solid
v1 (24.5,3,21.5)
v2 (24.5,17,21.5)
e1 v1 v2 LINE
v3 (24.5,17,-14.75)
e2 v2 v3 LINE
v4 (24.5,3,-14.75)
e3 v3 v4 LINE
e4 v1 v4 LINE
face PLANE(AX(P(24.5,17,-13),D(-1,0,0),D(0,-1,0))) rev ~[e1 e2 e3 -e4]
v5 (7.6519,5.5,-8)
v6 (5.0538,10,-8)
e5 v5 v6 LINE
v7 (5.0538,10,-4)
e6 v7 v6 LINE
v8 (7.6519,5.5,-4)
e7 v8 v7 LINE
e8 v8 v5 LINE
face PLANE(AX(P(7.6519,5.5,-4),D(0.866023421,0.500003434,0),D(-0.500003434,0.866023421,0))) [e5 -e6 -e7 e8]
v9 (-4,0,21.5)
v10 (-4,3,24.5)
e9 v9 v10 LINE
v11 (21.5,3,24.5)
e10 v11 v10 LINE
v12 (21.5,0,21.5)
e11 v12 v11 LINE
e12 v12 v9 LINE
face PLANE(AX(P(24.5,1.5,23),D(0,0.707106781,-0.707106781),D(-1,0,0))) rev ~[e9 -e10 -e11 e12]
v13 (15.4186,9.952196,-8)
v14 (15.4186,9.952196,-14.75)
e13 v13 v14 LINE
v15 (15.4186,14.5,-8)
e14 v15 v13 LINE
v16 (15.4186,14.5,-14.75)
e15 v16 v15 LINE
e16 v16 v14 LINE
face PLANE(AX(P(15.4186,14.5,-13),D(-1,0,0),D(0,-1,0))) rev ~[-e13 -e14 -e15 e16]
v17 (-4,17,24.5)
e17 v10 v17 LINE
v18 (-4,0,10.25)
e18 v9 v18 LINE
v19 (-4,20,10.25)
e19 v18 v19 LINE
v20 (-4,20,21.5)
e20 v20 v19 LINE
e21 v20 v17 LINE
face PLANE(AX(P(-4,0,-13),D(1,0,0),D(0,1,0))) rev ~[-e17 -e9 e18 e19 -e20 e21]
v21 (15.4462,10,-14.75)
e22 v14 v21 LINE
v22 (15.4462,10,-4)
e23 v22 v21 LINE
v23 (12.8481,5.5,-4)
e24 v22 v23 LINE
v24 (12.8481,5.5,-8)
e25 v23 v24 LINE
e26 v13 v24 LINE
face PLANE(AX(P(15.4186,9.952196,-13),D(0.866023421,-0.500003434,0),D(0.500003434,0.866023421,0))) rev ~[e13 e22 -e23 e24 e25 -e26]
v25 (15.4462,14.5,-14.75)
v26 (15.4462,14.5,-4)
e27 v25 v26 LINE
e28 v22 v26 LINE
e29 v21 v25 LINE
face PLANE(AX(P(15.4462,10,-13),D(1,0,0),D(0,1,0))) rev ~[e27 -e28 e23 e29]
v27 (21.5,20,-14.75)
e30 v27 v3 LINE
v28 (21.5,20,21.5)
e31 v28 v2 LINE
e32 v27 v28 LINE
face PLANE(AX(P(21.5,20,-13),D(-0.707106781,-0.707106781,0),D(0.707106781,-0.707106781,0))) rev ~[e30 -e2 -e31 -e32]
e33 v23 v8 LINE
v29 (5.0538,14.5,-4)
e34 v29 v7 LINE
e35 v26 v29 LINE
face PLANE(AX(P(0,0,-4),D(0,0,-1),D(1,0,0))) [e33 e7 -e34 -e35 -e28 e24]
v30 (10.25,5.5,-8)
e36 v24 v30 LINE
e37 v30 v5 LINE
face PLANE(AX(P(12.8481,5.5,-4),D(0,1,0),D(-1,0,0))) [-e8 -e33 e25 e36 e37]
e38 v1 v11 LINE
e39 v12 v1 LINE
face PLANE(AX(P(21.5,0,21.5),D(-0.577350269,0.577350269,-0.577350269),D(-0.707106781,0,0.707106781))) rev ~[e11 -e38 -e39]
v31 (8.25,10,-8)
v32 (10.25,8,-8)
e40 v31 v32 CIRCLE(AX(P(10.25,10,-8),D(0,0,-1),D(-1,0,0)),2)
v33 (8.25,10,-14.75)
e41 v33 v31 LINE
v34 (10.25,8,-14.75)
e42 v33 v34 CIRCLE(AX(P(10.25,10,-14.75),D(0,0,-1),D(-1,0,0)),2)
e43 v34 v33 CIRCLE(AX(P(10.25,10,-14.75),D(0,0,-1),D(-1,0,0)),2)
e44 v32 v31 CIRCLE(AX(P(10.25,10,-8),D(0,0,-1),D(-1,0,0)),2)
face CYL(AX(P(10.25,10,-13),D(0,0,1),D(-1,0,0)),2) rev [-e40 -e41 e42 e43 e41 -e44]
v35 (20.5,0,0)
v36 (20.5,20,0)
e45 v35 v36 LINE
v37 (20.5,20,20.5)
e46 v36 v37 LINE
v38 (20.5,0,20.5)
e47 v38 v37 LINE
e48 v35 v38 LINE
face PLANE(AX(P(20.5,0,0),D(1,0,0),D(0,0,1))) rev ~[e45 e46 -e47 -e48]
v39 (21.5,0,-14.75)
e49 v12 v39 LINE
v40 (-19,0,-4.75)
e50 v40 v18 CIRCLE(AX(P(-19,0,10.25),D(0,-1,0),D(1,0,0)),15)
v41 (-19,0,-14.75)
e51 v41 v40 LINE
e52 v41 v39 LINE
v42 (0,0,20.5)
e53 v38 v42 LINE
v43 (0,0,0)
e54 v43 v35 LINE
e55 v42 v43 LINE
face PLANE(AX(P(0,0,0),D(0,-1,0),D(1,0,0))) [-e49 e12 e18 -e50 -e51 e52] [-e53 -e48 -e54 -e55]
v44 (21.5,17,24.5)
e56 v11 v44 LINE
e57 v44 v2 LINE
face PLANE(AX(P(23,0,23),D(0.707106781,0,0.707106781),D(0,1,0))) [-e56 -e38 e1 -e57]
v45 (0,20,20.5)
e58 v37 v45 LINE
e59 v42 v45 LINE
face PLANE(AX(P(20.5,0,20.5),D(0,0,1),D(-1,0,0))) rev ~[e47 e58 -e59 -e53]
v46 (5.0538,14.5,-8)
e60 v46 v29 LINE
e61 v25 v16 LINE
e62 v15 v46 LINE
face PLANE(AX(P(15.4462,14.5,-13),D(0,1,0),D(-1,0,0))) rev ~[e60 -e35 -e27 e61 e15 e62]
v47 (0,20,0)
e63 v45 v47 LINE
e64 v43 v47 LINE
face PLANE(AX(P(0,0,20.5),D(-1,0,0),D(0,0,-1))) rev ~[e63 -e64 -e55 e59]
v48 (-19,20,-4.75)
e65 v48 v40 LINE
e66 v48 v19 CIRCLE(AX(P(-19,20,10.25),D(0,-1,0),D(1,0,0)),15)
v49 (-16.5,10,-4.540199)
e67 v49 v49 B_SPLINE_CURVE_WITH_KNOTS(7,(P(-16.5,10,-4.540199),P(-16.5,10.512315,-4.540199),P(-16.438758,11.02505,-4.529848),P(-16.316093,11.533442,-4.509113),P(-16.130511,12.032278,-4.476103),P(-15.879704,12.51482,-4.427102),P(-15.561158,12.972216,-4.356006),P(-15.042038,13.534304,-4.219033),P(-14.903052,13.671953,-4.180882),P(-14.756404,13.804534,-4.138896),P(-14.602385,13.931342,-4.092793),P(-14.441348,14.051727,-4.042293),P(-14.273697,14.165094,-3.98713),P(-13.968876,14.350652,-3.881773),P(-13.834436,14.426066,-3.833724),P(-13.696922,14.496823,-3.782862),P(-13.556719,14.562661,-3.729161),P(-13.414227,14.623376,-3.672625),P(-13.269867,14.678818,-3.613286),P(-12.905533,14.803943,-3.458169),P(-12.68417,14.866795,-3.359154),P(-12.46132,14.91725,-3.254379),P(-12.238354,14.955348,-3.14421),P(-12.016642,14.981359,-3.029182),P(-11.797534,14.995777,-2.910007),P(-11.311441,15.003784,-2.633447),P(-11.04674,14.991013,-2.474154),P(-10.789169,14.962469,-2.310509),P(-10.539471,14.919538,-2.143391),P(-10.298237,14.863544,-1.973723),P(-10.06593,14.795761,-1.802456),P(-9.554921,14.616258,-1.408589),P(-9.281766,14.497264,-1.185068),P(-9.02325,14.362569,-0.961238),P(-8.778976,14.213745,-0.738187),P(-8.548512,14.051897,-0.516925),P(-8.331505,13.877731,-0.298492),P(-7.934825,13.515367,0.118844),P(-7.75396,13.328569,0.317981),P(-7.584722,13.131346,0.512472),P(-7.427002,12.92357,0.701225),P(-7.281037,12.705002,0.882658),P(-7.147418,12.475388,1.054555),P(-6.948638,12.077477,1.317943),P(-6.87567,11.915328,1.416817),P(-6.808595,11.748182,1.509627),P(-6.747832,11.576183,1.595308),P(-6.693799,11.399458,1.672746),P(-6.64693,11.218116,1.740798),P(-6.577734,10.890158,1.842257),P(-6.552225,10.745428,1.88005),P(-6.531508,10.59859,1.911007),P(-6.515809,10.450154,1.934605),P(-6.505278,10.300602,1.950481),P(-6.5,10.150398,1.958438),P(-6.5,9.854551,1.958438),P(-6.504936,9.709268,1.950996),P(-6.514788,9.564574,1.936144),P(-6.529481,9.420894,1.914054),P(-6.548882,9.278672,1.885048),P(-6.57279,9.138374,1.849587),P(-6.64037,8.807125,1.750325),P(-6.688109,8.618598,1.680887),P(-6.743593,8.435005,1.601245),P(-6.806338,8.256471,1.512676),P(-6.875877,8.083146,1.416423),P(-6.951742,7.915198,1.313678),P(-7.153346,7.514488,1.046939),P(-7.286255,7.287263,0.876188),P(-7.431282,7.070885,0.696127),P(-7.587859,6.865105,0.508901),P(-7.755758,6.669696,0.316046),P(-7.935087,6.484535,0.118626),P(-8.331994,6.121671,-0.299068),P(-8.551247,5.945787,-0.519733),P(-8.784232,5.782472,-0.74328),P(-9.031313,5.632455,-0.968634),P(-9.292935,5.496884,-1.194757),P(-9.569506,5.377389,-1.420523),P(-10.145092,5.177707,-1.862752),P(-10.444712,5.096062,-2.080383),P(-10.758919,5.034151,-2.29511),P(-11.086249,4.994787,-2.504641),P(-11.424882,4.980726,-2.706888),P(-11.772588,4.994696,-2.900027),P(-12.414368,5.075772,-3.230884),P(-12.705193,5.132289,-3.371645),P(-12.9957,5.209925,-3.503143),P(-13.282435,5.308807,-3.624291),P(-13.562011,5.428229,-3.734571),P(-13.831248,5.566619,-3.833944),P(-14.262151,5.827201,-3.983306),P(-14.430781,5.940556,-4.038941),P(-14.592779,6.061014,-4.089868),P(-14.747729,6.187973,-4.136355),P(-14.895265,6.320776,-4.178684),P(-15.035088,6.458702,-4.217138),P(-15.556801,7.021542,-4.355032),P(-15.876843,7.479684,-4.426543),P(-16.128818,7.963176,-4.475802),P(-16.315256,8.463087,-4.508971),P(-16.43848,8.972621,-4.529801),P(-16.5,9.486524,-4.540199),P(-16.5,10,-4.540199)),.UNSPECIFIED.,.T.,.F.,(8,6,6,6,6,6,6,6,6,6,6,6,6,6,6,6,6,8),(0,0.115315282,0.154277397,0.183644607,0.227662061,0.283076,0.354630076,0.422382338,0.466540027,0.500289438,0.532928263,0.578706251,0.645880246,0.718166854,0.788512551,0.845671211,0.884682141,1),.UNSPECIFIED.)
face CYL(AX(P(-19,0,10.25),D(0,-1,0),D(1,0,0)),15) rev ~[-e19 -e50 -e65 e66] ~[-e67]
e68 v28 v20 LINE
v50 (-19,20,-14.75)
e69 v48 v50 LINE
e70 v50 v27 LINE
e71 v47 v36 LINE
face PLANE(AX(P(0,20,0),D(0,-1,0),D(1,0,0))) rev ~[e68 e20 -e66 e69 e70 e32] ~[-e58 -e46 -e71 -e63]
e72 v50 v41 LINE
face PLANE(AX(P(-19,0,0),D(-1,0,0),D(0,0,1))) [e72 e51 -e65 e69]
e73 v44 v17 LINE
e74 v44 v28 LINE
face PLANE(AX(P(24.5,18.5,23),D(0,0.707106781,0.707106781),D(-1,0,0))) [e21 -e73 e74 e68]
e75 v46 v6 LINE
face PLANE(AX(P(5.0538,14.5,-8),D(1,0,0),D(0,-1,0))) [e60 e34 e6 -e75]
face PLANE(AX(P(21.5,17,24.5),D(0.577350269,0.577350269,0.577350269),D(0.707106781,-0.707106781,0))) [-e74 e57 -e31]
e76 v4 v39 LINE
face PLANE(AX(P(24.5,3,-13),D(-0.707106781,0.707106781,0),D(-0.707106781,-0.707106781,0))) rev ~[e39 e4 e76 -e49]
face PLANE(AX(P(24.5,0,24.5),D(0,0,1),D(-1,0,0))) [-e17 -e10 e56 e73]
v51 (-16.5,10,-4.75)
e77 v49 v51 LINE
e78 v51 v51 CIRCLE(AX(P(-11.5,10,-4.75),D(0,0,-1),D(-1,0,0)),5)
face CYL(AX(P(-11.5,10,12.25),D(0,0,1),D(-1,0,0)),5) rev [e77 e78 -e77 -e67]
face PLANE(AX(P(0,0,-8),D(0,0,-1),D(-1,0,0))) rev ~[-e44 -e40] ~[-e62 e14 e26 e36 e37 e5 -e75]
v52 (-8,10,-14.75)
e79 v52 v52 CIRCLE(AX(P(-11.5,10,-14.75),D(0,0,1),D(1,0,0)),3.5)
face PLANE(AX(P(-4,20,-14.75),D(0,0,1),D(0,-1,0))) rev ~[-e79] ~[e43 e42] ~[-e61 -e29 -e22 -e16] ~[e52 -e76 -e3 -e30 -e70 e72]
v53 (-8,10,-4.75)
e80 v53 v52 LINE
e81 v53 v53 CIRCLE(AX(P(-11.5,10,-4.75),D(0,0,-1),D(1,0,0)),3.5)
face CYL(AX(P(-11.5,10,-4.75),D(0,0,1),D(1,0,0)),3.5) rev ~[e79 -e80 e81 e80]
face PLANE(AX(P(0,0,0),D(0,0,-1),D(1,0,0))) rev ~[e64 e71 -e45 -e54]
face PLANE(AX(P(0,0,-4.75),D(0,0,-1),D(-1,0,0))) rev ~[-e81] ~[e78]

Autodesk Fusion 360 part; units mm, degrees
sketch "Sketch1" plane through (0, 0, 0) normal (0, 1, 0) x (1, 0, 0)
  line L0 (0, 0) -> (20.5, 0)
  line L1 (20.5, 0) -> (20.5, -20.5)
  line L2 (20.5, -20.5) -> (0, -20.5)
  line L3 (0, -20.5) -> (0, 0)
  line L4 (0, 0) -> (-4, 0)
  line L5 (-4, 0) -> (-4, 4)
  line L6 (-4, 4) -> (0, 4)
  line L7 (0, 4) -> (0, 0)
  line L8 (-4, 4) -> (24.5, 4)
  line L9 (24.5, 4) -> (24.5, -24.5)
  line L10 (24.5, -24.5) -> (-4, -24.5)
  line L11 (-4, -24.5) -> (-4, 4)
  dimension "d1" = 20.5
  dimension "d2" = 20.5
  dimension "d3" = 4
  dimension "d4" = 4
  dimension "d5" = 28.5
  dimension "d6" = 28.5
extrude "Extrude1" add sketch "Sketch1" along normal blind 20
chamfer "Chamfer1" distance 3 angle 45 5 edges at (24.5, 20, 10.25) (10.25, 20, 24.5) (24.5, 10, 24.5) (24.5, 0, 10.25) (10.25, 0, 24.5)
sketch "Sketch2" plane through (0, 0, -4) normal (0, 0, -1) x (-1, 0, 0)
  line L0 (-24.5, 3) -> (-21.5, 0)
  line L1 (-21.5, 0) -> (4, 0)
  line L2 (4, 0) -> (4, 20)
  line L3 (4, 20) -> (-21.5, 20)
  line L4 (-21.5, 20) -> (-24.5, 17)
  line L5 (-24.5, 17) -> (-24.5, 3)
  line L6 (-24.5, 10) -> (-10.25, 10)
  line L7 (-7.6519, 5.5) -> (-5.0538, 10)
  line L8 (-5.0538, 10) -> (-7.6519, 14.5)
  line L9 (-7.6519, 14.5) -> (-12.8481, 14.5)
  line L10 (-12.8481, 14.5) -> (-15.4462, 10)
  line L11 (-15.4462, 10) -> (-12.8481, 5.5)
  line L12 (-12.8481, 5.5) -> (-7.6519, 5.5)
  point P0 (-10.25, 10)
  dimension "d10" = 14.25
  dimension "d11" = 4.5
extrude "Extrude2" add sketch "Sketch2" along normal blind 4
sketch "Sketch3" plane through (0, 0, -8) normal (0, 0, -1) x (-1, 0, 0)
  line L0 (-7.6519, 5.5) -> (-12.8481, 5.5)
  line L1 (-15.4462, 10) -> (-12.8481, 14.5)
  line L2 (-12.8481, 14.5) -> (-7.6519, 14.5)
  line L3 (-7.6519, 14.5) -> (-5.0538, 10)
  line L4 (-5.0538, 10) -> (-7.6519, 5.5)
  line L5 (-24.5, 17) -> (-24.5, 3)
  line L6 (-24.5, 3) -> (-21.5, 0)
  line L7 (-21.5, 0) -> (4, 0)
  line L8 (4, 0) -> (4, 20)
  line L9 (4, 20) -> (-21.5, 20)
  line L10 (-21.5, 20) -> (-24.5, 17)
  line L11 (-7.6519, 14.5) -> (-5.0538, 14.5)
  line L12 (-5.0538, 14.5) -> (-5.0538, 10)
  line L13 (-15.4462, 10) -> (-15.4462, 14.5)
  line L14 (-15.4462, 14.5) -> (-12.8481, 14.5)
extrude "Extrude3" cut sketch "Sketch3" against normal blind 4 contours L1 L13 L14 | L3 L11 L12
sketch "Sketch4" plane through (0, 0, -8) normal (0, 0, -1) x (-1, 0, 0)
  line L0 (-15.4462, 14.5) -> (-5.0538, 14.5)
  line L1 (-5.0538, 14.5) -> (-5.0538, 10)
  line L2 (-5.0538, 10) -> (-7.6519, 5.5)
  line L3 (-7.6519, 5.5) -> (-12.8481, 5.5)
  line L4 (-12.8481, 5.5) -> (-15.4462, 10)
  line L5 (-15.4462, 10) -> (-15.4462, 14.5)
  line L6 (-24.5, 17) -> (-24.5, 3)
  line L7 (-24.5, 3) -> (-21.5, 0)
  line L8 (-21.5, 0) -> (4, 0)
  line L9 (4, 0) -> (4, 20)
  line L10 (4, 20) -> (-21.5, 20)
  line L11 (-21.5, 20) -> (-24.5, 17)
  line L12 (-10.25, 5.5) -> (-10.25, 10)
  circle A0 centre (-10.25, 10) radius 2
  line L13 (-5.0538, 14.5) -> (-15.4186, 14.5)
  line L14 (-15.4186, 14.5) -> (-15.4186, 5.5)
  line L15 (-15.4186, 5.5) -> (-5.0538, 5.5)
  line L16 (-5.0538, 5.5) -> (-5.0538, 14.5)
  line L17 (7, 22) -> (-27, 22)
  line L18 (-27, 22) -> (-27, -2)
  line L19 (-27, -2) -> (7, -2)
  line L20 (7, -2) -> (7, 22)
  dimension "d16" = 4
extrude "Extrude4" add sketch "Sketch4" along normal blind 5 contours L0 L1 L2 L3 L4 L13 L14 L15 L16 | L4 L14 L15 | L2 L15 L16 | L6 L7 L8 L9 L10 L11
extrude "Extrude5" add 1 faces at (0.0833, 10, -13) along direction (0, 0, -1) blind 1.75
sketch "Sketch5" plane through (-4, 0, 0) normal (-1, 0, 0) x (0, 0, 1)
  line L0 (21.5, 0) -> (24.5, 3)
  line L1 (24.5, 3) -> (24.5, 17)
  line L2 (24.5, 17) -> (21.5, 20)
  line L3 (21.5, 20) -> (-14.75, 20)
  line L4 (-14.75, 20) -> (-14.75, 0)
  line L5 (-14.75, 0) -> (21.5, 0)
  line L6 (-14.75, 20) -> (-4.75, 20)
  line L7 (-4.75, 20) -> (-4.75, 0)
  line L8 (-4.75, 0) -> (-14.75, 0)
  line L9 (-14.75, 0) -> (-14.75, 20)
  dimension "d21" = 10
extrude "Extrude6" add sketch "Sketch5" along normal blind 15 contours L3 L4 L5 L6 L7 L8 L9
sketch "Sketch6" plane through (0, 0, -4.75) normal (0, 0, 1) x (1, 0, 0)
  line L0 (-4, 0) -> (-4, 20)
  line L1 (-4, 20) -> (-19, 20)
  line L2 (-19, 20) -> (-19, 0)
  line L3 (-19, 0) -> (-4, 0)
  line L4 (-19, 10) -> (-11.5, 10)
  circle A0 centre (-11.5, 10) radius 3.5
  dimension "d24" = 7.5
  dimension "d25" = 7
extrude "Extrude7" cut sketch "Sketch6" against normal blind 10 contours A0
sketch "Sketch7" plane through (0, 0, 0) normal (0, -1, 0) x (1, 0, 0)
  line L0 (21.5, -14.75) -> (21.5, 21.5)
  line L1 (21.5, 21.5) -> (-4, 21.5)
  line L2 (-4, 21.5) -> (-4, -4.75)
  line L3 (-4, -4.75) -> (-19, -4.75)
  line L4 (-19, -4.75) -> (-19, -14.75)
  line L5 (-19, -14.75) -> (21.5, -14.75)
  line L6 (0, 20.5) -> (20.5, 20.5)
  line L7 (20.5, 20.5) -> (20.5, 0)
  line L8 (20.5, 0) -> (0, 0)
  line L9 (0, 0) -> (0, 20.5)
  line L10 (-19, -4.75) -> (-19, 10.25)
  circle A0 centre (-19, 10.25) radius 15
  dimension "d28" = 15
extrude "Extrude8" add sketch "Sketch7" against normal blind 20 contours L2 L3 A0
sketch "Sketch8" plane through (0, 0, -14.75) normal (0, 0, -1) x (-1, 0, 0)
  circle A0 centre (11.5, 10) radius 3.5
  line L0 (-15.4462, 14.5) -> (-15.4186, 14.5)
  line L1 (-15.4186, 14.5) -> (-15.4186, 9.9523)
  line L2 (-15.4186, 9.9523) -> (-15.4462, 10)
  line L3 (-15.4462, 10) -> (-15.4462, 14.5)
  circle A1 centre (-10.25, 10) radius 2
  line L4 (-21.5, 20) -> (-24.5, 17)
  line L5 (-24.5, 17) -> (-24.5, 3)
  line L6 (-24.5, 3) -> (-21.5, 0)
  line L7 (-21.5, 0) -> (19, 0)
  line L8 (19, 0) -> (19, 20)
  line L9 (19, 20) -> (-21.5, 20)
  circle A2 centre (11.5, 10) radius 5
  dimension "d31" = 10
extrude "Extrude9" cut sketch "Sketch8" along normal blind -10 and the other way blind 27 contours A2
extrude "Extrude10" cut 1 faces at (-11.9678, 9.7747, -4.75) along direction (0, 0, 1) blind 20
